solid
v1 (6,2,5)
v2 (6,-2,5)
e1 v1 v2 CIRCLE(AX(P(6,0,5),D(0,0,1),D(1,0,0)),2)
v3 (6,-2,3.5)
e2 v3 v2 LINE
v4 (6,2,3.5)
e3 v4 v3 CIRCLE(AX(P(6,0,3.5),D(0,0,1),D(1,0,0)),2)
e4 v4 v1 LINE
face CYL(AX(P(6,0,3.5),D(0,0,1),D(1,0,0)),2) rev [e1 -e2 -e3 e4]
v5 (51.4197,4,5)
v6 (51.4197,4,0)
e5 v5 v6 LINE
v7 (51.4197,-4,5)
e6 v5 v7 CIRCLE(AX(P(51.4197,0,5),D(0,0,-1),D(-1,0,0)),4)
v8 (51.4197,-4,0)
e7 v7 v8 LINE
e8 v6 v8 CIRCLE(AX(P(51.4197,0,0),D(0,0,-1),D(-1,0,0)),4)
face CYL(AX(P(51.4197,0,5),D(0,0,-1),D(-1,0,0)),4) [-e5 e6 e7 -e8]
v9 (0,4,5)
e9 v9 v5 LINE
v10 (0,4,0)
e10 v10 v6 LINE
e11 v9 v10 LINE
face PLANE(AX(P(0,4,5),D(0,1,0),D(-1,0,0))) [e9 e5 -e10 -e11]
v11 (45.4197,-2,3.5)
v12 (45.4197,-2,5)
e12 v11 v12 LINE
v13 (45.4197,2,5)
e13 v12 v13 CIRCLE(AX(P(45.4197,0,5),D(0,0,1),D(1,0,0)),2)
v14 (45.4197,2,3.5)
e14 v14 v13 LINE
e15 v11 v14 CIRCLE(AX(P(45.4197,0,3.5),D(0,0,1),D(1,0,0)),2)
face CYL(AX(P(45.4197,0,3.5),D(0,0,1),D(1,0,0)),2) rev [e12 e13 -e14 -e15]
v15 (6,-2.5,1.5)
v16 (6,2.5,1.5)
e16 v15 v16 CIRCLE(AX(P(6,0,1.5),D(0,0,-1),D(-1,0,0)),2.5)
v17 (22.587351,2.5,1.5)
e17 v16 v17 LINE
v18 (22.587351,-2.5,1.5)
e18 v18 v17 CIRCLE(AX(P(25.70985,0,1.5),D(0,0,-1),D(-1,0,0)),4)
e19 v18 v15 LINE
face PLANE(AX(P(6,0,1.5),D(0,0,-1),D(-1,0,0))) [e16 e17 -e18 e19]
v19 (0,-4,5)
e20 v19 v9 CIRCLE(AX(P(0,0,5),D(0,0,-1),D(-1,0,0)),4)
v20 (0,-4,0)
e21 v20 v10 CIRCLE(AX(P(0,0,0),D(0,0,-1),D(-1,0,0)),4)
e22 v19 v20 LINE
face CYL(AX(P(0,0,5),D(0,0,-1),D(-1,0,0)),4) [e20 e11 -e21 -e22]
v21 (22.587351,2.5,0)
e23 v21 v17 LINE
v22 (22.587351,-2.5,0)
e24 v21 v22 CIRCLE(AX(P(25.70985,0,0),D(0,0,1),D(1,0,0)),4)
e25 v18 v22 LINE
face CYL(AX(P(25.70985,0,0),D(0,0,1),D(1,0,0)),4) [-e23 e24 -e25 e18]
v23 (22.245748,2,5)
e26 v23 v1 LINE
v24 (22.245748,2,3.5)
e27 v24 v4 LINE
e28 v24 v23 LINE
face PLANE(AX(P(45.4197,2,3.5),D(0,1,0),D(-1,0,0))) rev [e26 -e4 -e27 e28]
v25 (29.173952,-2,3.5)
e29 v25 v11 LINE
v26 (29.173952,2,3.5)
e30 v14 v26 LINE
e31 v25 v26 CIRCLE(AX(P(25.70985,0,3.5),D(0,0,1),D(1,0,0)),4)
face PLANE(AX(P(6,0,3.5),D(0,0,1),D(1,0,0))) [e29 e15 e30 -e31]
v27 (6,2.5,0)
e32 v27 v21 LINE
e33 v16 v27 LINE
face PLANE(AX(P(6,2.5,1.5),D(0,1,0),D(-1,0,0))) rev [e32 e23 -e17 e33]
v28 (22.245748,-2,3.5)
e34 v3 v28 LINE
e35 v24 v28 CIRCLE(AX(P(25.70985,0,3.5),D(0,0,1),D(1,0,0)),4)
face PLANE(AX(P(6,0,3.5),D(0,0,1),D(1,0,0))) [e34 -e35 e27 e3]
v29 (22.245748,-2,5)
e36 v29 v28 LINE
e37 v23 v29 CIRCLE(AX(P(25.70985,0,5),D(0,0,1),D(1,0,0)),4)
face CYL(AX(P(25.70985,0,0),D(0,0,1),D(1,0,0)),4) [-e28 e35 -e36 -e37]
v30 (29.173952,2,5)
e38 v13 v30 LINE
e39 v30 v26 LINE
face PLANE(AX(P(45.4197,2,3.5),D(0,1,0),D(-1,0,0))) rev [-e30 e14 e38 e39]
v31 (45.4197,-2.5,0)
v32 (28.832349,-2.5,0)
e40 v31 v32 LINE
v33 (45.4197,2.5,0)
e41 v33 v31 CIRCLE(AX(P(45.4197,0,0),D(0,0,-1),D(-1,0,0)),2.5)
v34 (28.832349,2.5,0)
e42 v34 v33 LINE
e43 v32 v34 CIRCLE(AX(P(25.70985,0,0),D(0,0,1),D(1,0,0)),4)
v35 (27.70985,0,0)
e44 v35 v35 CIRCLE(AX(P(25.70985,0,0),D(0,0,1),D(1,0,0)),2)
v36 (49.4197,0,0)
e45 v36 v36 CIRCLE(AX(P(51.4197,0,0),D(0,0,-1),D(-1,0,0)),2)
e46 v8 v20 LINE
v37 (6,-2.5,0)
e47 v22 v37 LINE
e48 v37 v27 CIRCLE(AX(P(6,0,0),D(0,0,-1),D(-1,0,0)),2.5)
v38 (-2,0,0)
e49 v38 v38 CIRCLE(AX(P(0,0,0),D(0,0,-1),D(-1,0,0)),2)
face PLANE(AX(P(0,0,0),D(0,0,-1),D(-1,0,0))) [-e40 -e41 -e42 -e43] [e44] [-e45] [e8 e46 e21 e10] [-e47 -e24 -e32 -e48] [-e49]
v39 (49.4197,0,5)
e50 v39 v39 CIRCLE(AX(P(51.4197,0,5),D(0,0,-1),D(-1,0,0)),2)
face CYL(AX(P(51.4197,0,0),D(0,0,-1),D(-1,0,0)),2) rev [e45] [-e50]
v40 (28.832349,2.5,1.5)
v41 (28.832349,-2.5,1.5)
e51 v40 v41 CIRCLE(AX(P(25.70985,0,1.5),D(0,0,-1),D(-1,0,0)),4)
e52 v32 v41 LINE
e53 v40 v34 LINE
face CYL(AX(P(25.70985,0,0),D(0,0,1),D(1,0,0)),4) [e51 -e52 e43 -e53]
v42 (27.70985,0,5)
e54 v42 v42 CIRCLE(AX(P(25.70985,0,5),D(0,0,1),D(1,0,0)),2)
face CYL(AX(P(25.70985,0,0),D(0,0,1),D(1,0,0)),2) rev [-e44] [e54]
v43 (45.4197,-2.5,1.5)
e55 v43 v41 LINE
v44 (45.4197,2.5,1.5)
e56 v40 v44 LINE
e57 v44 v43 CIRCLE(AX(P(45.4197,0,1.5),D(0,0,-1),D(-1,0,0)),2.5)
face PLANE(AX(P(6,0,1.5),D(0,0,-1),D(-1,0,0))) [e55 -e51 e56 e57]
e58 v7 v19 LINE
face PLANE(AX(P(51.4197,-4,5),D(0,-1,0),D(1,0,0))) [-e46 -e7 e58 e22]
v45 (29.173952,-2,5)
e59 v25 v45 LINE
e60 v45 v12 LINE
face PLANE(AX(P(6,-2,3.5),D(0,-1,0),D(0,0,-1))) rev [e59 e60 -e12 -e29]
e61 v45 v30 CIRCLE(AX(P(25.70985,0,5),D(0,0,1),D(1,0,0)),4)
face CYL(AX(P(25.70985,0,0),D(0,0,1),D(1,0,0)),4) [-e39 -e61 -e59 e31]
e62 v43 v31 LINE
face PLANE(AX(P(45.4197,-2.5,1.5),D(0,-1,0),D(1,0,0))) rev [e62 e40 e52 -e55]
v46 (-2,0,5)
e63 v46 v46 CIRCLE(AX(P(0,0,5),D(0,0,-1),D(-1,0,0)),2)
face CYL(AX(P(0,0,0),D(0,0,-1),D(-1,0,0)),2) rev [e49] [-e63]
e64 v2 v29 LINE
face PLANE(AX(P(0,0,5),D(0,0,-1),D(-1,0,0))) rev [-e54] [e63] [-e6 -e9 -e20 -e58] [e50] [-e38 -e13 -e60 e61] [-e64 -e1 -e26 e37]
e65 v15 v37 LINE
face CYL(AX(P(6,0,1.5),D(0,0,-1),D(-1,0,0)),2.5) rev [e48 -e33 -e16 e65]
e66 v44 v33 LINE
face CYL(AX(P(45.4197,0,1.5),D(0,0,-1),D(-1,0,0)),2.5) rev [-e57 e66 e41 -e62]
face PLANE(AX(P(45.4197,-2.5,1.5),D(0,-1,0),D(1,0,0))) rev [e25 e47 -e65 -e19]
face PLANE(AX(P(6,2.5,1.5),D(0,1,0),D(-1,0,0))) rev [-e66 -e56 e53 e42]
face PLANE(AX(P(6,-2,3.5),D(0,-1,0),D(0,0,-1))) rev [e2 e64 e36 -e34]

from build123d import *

# Parameters (mm, degrees)
BOSS_EXTRUDE1_DEPTH      = 5
CUT_EXTRUDE1_DEPTH       = 1.5
CUT_EXTRUDE2_DEPTH       = 1.5
F_4_0_4_DIAMETER_HOLE1_D = 4
BOSS_EXTRUDE2_START      = -5
SKETCH6_R                = 4
BOSS_EXTRUDE2_DEPTH      = 5
SKETCH7_R                = 2
CUT_EXTRUDE3_DEPTH       = 56.788378253


with BuildPart() as part:
    # Sketch1 → Boss-Extrude1 (new body)
    with BuildSketch(Plane(origin=(0, 0, 0), x_dir=(-1, 0, 0), z_dir=(0, 0, -1))):
        with BuildLine():
            Line((0, 4), (-51.4197, 4))
            ThreePointArc((-51.4197, 4), (-55.4197, 0), (-51.4197, -4))
            Line((-51.4197, -4), (0, -4))
            ThreePointArc((0, -4), (4, 0), (0, 4))
        make_face()
    extrude(amount=-BOSS_EXTRUDE1_DEPTH)

    # Sketch2 → Cut-Extrude1 (cut)
    with BuildSketch(Plane(origin=(0, 0, 0), x_dir=(-1, 0, 0), z_dir=(0, 0, -1))):
        with BuildLine():
            Line((-6, 2.5), (-45.4197, 2.5))
            ThreePointArc((-45.4197, 2.5), (-47.9197, 0), (-45.4197, -2.5))
            Line((-45.4197, -2.5), (-6, -2.5))
            ThreePointArc((-6, -2.5), (-3.5, 0), (-6, 2.5))
        make_face()
    extrude(amount=-CUT_EXTRUDE1_DEPTH, mode=Mode.SUBTRACT)

    # Sketch3 → Cut-Extrude2 (cut)
    with BuildSketch(Plane.XY.offset(5)):
        with BuildLine():
            Line((6, -2), (45.4197, -2))
            ThreePointArc((45.4197, -2), (47.4197, 0), (45.4197, 2))
            Line((45.4197, 2), (6, 2))
            ThreePointArc((6, 2), (4, 0), (6, -2))
        make_face()
    extrude(amount=-CUT_EXTRUDE2_DEPTH, mode=Mode.SUBTRACT)

    # Ø4.0 (4) Diameter Hole1 (through all)
    with Locations(Plane(origin=(0, 0, 0), x_dir=(-1, 0, 0), z_dir=(0, 0, -1))):
        with Locations((-51.4197, 0), (0, 0)):
            Hole(F_4_0_4_DIAMETER_HOLE1_D / 2)

    # Sketch6 → Boss-Extrude2 (add)
    with BuildSketch(Plane.XY.offset(5).offset(BOSS_EXTRUDE2_START)):
        with Locations((25.70985, 0)):
            Circle(SKETCH6_R)
    extrude(amount=BOSS_EXTRUDE2_DEPTH)

    # Sketch7 → Cut-Extrude3 (cut, through all)
    with BuildSketch(Plane.XY.offset(5)):
        with Locations((25.70985, 0)):
            Circle(SKETCH7_R)
    extrude(amount=-CUT_EXTRUDE3_DEPTH, mode=Mode.SUBTRACT)


solid = part.part
